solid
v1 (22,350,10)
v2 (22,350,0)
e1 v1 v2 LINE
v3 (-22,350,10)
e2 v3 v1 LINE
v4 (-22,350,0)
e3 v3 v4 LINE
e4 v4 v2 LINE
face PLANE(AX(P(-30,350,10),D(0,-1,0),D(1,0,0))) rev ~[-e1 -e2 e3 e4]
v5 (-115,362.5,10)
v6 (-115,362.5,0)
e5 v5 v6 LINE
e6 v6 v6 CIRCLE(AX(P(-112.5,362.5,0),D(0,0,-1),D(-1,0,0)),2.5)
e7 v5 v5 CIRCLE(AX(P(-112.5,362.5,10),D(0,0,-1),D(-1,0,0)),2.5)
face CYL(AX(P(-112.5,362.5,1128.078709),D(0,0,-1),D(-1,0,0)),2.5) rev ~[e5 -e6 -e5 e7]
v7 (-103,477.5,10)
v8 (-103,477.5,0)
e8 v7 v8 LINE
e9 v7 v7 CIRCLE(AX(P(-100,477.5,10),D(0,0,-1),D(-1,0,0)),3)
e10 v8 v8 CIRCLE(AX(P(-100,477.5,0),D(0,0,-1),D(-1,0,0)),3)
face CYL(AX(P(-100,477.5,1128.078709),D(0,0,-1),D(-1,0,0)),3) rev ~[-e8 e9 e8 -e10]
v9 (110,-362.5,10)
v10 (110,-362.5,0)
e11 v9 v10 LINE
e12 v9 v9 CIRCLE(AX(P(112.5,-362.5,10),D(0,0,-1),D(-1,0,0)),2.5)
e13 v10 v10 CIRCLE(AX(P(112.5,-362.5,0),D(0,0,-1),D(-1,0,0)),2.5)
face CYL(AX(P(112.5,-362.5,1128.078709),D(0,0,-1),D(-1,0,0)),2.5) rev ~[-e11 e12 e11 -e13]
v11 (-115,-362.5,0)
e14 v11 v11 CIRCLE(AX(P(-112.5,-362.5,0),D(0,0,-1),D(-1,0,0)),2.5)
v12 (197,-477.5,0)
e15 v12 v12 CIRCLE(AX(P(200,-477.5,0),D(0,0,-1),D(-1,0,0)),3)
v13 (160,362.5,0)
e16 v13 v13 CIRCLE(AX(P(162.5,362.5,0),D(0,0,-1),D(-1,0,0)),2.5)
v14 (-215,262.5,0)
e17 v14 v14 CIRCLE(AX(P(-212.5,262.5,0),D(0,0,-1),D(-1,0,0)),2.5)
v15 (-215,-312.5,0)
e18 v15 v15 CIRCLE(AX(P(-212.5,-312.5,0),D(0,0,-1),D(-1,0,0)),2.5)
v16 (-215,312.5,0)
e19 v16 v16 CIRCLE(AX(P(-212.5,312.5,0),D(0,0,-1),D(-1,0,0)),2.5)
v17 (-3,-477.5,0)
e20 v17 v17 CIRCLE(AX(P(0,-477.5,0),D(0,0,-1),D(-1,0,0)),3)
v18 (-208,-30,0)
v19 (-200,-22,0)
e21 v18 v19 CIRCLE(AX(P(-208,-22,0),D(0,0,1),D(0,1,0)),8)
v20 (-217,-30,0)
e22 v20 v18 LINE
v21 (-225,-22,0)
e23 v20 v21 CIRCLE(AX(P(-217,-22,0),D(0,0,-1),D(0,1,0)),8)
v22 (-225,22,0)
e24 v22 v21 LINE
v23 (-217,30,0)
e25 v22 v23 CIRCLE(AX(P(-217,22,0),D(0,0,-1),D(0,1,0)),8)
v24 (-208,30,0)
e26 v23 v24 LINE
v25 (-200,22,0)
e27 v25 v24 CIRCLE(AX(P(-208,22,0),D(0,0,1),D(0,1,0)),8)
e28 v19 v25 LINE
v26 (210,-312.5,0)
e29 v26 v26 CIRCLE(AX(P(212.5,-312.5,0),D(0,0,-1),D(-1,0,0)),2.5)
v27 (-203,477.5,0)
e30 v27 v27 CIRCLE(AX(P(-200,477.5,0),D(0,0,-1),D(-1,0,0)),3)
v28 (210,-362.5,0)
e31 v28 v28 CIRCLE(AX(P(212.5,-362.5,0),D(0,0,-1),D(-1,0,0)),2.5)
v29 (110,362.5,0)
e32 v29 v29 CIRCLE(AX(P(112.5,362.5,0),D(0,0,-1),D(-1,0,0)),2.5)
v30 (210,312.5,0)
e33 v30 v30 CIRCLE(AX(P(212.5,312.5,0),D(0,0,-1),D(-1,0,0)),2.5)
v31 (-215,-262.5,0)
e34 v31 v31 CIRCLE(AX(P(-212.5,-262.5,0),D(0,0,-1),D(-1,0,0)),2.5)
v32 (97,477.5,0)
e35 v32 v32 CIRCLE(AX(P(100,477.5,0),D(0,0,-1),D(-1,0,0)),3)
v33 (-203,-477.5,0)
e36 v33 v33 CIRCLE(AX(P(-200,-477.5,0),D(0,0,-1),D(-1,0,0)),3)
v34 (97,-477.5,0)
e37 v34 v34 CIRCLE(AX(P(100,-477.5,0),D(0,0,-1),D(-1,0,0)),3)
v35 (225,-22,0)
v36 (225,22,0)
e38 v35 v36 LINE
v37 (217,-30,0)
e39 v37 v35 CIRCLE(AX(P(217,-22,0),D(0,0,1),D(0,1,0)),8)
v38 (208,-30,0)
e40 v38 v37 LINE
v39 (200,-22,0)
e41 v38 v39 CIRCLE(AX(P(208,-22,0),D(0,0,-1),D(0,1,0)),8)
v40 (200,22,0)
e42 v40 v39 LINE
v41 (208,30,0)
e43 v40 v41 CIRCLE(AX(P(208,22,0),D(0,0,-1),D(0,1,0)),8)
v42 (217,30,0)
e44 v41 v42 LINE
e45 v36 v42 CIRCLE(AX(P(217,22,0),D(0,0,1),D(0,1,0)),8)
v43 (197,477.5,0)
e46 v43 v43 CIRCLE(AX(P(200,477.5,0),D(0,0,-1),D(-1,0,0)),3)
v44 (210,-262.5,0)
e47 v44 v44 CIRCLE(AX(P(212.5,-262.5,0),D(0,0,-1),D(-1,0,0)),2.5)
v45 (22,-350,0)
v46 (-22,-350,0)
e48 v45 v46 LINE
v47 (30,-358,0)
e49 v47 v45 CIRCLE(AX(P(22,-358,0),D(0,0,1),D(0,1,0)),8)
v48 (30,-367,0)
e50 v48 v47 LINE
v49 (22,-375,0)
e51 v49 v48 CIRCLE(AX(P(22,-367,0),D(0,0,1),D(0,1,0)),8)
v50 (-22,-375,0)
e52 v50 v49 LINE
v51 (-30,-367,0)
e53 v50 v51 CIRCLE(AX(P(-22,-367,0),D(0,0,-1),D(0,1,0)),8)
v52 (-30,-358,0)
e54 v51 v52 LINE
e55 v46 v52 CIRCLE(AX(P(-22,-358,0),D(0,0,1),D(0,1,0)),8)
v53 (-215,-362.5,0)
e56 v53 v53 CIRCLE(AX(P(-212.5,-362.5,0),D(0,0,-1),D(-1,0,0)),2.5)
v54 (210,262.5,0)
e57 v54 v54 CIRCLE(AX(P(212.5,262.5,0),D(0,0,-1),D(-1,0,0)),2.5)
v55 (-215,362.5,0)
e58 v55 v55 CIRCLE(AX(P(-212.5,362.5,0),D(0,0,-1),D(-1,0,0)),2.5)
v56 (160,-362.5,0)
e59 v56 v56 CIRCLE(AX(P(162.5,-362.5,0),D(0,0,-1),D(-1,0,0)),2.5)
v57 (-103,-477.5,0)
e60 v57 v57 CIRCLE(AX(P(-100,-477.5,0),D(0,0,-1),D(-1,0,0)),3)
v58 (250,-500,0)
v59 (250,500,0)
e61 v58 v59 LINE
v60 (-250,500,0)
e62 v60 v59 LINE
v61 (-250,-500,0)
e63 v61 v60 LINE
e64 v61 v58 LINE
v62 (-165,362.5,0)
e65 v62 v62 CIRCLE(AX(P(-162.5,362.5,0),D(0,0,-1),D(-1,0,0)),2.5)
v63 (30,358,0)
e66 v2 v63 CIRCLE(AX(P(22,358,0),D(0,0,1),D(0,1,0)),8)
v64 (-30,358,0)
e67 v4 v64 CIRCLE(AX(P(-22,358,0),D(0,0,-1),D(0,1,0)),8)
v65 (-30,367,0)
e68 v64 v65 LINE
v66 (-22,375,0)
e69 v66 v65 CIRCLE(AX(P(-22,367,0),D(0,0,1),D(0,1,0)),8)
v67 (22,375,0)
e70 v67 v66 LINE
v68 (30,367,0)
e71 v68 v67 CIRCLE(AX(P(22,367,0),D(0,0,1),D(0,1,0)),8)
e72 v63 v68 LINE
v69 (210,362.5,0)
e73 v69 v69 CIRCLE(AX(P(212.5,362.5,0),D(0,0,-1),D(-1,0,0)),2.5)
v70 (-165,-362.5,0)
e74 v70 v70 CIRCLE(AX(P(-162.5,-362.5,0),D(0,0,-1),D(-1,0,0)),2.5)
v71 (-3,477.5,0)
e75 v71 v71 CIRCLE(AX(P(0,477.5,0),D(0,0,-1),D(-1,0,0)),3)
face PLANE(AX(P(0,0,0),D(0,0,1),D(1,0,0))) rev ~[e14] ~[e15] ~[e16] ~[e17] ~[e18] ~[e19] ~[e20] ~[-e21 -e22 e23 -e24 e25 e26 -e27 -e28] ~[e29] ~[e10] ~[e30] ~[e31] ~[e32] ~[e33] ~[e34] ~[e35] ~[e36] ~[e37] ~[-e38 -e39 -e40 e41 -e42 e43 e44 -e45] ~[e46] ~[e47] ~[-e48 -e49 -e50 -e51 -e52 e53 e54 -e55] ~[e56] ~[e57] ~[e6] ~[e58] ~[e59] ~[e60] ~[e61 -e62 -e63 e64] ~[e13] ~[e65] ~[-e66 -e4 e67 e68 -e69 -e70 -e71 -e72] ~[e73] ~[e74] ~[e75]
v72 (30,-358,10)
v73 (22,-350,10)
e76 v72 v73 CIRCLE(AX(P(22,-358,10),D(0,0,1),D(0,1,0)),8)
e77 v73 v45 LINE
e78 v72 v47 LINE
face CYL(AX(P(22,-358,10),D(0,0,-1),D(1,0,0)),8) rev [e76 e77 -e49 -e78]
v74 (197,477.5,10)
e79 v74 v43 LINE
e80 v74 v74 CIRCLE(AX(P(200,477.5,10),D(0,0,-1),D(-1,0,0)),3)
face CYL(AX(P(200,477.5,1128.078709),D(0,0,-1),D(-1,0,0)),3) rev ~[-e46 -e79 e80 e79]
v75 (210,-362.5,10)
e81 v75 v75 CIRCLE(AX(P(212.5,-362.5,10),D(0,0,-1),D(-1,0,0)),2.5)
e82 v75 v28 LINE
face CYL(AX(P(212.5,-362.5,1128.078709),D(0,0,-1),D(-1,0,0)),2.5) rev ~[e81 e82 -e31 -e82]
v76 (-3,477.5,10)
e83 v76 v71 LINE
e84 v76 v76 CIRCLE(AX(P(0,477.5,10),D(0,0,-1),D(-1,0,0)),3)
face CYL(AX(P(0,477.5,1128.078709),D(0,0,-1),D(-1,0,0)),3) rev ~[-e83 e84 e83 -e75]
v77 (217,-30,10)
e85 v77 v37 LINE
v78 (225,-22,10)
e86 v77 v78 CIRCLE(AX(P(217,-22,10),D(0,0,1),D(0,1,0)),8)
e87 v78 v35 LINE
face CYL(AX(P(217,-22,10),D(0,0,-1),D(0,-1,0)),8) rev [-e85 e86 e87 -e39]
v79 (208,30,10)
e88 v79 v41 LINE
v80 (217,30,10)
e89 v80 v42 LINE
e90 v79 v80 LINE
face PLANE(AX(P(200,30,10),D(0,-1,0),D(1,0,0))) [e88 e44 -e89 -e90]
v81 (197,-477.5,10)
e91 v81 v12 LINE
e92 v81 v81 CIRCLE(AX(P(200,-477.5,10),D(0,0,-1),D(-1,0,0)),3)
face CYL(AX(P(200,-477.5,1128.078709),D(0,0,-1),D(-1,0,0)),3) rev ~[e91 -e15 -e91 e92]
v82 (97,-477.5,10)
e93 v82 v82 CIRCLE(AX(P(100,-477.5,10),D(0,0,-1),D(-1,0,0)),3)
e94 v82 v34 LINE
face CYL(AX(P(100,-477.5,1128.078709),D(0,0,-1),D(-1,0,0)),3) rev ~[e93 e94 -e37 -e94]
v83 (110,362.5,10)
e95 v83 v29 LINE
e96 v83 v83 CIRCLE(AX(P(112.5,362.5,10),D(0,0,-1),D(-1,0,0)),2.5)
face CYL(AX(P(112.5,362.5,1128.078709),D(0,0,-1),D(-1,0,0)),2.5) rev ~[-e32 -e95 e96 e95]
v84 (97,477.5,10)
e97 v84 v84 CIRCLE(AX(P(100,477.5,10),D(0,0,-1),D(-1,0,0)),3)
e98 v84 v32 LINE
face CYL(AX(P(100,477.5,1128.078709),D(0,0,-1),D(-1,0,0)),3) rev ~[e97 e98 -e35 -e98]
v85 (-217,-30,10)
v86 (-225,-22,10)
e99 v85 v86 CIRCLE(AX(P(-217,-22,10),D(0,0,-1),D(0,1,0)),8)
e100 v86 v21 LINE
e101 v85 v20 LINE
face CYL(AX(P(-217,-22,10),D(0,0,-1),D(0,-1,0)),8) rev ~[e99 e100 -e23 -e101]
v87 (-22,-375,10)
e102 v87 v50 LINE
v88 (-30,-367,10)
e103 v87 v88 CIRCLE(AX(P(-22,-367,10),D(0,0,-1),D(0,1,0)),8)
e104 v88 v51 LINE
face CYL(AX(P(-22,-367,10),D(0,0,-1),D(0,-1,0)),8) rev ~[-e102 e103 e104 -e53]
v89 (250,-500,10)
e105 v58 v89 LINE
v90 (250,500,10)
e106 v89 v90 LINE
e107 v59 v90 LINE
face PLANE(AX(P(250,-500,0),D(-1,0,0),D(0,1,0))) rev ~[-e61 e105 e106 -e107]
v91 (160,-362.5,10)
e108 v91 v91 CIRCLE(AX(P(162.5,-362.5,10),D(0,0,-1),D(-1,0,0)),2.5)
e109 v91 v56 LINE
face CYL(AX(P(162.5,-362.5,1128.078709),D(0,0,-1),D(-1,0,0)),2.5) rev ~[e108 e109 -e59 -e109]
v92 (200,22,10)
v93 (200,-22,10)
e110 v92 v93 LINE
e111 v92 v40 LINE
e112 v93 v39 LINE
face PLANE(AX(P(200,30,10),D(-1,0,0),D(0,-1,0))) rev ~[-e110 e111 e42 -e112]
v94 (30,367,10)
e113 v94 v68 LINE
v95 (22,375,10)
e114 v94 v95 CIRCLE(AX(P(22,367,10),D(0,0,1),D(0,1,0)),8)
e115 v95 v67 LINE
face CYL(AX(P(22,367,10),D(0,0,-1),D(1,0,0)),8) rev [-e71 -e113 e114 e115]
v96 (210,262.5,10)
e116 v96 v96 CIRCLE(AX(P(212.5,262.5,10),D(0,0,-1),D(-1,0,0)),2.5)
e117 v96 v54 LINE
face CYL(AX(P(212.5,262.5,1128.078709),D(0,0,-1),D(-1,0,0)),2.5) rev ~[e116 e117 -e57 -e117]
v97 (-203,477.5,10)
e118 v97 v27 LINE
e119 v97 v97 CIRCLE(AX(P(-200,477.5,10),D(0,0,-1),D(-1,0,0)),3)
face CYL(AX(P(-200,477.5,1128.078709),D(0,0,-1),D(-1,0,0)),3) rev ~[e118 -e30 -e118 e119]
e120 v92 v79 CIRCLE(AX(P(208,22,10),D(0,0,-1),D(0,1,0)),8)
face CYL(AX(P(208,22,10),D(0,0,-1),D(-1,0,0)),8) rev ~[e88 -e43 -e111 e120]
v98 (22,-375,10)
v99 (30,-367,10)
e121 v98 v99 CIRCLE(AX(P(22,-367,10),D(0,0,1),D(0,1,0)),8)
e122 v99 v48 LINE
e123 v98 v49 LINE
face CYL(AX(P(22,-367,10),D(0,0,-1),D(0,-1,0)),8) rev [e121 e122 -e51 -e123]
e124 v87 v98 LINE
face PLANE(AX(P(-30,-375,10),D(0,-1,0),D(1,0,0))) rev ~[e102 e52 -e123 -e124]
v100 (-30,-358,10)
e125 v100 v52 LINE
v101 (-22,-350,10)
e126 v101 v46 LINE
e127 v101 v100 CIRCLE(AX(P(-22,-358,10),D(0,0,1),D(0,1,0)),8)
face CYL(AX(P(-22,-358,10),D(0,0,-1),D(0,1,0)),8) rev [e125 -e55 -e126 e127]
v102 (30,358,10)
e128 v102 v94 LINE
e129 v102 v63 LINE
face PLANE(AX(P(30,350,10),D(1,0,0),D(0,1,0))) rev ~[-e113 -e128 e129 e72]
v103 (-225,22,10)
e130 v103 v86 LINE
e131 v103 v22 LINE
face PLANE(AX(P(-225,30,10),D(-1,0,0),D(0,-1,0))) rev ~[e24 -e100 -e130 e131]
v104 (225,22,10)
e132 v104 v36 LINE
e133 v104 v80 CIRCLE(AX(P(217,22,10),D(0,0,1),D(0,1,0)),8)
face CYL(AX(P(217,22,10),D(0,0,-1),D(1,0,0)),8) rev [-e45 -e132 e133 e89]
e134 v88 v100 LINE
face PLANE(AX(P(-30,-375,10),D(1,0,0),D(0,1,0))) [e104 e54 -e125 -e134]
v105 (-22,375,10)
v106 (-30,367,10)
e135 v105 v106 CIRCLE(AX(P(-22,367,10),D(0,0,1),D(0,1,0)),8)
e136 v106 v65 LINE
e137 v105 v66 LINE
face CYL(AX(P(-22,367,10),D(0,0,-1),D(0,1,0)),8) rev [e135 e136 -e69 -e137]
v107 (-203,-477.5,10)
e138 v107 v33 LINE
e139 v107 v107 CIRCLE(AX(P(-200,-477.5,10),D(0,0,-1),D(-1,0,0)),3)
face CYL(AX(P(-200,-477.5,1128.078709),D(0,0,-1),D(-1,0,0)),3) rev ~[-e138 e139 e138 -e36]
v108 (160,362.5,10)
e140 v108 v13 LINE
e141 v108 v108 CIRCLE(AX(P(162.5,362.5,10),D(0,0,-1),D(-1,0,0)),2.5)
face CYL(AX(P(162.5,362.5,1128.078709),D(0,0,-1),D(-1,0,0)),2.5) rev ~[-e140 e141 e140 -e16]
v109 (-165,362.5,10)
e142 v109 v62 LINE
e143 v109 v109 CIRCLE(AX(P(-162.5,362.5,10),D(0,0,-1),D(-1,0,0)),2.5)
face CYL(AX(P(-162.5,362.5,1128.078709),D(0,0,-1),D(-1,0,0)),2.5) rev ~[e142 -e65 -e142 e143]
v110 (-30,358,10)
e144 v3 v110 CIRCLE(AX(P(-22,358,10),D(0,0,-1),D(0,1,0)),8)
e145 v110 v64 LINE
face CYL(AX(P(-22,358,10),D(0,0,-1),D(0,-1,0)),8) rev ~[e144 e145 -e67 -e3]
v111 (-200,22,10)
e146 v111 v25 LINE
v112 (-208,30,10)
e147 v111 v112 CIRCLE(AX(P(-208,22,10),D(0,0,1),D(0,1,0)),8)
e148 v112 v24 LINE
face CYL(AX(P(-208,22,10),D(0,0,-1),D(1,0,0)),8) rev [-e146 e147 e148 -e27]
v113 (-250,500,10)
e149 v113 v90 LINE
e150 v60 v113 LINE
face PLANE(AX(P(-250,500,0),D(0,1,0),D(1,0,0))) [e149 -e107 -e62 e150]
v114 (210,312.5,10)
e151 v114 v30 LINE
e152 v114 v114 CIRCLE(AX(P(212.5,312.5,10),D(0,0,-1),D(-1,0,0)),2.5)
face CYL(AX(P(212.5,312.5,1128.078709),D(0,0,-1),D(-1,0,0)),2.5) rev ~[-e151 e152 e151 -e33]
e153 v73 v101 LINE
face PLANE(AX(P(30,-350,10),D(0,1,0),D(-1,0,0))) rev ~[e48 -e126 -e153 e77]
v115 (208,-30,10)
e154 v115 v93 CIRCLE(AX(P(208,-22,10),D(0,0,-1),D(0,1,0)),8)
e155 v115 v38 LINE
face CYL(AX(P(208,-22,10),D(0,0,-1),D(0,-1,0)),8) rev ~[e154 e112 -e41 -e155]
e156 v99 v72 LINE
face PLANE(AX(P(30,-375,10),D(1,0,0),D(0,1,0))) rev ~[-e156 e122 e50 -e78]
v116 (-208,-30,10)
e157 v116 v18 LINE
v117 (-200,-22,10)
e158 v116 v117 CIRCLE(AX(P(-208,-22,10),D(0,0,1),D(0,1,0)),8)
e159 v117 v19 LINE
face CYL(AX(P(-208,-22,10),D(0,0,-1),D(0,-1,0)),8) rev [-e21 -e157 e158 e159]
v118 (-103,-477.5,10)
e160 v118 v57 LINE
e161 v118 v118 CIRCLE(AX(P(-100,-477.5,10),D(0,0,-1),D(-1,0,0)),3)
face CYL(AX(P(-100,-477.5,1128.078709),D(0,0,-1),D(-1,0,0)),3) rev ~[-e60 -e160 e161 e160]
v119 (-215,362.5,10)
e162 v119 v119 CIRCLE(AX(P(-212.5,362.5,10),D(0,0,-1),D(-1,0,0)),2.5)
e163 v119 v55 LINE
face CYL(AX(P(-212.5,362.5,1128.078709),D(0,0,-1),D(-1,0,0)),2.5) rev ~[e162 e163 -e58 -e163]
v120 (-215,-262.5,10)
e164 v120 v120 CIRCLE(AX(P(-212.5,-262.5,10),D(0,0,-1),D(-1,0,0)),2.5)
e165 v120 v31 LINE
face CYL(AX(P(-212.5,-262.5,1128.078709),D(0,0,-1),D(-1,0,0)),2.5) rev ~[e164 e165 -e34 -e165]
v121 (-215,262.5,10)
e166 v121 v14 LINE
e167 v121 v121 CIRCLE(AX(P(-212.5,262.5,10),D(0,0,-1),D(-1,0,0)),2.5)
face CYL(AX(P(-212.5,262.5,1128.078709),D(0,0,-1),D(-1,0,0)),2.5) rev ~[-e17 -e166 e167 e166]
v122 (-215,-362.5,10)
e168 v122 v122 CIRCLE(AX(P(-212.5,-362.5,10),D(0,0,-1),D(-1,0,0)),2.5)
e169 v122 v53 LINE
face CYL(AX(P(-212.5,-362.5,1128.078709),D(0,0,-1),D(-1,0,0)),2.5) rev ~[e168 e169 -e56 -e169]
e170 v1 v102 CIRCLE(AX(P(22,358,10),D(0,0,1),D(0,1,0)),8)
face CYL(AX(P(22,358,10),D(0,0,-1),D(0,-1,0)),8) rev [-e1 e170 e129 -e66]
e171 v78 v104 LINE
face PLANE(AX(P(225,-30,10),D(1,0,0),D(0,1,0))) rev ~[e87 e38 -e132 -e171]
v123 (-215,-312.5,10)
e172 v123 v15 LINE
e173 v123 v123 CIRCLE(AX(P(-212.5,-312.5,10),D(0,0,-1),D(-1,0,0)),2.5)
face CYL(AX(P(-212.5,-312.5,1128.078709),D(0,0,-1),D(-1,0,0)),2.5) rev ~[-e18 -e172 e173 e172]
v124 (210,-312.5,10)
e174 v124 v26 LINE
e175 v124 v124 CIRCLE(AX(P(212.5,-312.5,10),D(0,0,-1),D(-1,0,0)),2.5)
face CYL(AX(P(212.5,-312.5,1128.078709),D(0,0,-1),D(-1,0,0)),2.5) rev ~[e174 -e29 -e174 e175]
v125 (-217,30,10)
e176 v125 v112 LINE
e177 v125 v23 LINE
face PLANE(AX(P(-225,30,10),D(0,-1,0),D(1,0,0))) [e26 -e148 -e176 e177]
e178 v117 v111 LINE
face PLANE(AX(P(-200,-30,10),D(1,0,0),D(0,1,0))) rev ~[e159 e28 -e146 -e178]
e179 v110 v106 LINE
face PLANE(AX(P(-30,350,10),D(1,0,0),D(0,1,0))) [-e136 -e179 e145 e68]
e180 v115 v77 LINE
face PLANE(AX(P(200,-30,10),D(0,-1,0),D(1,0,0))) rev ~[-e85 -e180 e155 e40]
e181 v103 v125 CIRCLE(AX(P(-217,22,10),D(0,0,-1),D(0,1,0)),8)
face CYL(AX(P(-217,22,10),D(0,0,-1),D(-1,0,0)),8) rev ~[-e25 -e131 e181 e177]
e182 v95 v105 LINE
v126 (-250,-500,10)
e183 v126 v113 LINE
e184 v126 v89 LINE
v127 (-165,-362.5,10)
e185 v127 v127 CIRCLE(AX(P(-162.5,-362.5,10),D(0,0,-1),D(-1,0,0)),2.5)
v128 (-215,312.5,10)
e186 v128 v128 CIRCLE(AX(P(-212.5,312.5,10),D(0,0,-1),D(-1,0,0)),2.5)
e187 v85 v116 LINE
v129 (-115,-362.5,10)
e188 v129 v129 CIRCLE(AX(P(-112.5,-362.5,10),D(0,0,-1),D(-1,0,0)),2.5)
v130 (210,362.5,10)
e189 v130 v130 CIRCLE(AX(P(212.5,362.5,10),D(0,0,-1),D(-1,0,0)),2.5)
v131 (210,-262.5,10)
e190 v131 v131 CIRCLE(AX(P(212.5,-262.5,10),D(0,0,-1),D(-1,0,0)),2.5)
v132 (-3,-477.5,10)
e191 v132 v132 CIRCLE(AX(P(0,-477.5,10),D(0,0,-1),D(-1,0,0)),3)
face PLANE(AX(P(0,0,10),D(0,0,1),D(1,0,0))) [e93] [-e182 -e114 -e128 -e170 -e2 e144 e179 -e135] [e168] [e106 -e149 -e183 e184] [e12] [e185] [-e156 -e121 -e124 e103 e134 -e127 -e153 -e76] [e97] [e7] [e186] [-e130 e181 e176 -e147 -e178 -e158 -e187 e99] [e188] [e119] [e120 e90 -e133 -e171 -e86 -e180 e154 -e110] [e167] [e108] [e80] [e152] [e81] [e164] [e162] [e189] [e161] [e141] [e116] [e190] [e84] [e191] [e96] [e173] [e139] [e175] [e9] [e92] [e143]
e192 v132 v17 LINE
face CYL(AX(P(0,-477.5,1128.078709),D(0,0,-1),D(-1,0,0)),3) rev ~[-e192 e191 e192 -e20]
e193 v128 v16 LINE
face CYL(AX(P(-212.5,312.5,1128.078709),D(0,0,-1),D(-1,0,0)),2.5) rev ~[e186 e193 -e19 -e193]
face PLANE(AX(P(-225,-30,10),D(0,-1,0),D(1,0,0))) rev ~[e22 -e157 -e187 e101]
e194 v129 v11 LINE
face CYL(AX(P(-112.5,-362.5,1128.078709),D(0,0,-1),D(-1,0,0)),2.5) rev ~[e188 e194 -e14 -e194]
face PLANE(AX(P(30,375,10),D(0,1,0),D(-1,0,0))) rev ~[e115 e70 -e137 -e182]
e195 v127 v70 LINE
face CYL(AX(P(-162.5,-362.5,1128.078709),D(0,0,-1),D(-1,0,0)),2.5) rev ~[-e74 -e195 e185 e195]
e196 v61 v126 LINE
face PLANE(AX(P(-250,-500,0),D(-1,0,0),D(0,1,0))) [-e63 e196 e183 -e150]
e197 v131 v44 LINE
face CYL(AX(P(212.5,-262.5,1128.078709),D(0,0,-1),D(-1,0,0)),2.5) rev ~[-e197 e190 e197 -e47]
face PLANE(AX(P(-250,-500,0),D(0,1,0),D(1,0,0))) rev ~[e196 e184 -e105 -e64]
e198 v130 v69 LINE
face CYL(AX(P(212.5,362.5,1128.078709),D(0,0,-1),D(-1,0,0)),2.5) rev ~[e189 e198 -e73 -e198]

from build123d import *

# Parameters (mm, degrees)
F0_W     = 500
F0_H     = 1000
F1_DEPTH = 10
F3_D     = 6
F2_W     = 25
F2_H     = 30
F4_DEPTH = 25
F5_W     = 30
F5_H     = 25
F6_DEPTH = 25
F7_R     = 8
F9_D     = 5


with BuildPart() as f1:
    # F0 (on Top) → F1 (new body)
    with BuildSketch(Plane.XY):
        Rectangle(F0_W, F0_H)
    extrude(amount=F1_DEPTH)

    # F3 (through all)
    with Locations(Plane.XY.offset(10)):
        with Locations((200, 477.5), (100, 477.5), (0, 477.5), (-100, 477.5), (-200, 477.5), (200, -477.5), (100, -477.5), (0, -477.5), (-100, -477.5), (-200, -477.5)):
            Hole(F3_D / 2)

    # F2 (on face) → F4 (cut)
    with BuildSketch(Plane.XY.offset(10)):
        with Locations((212.5, -15)):
            Rectangle(F2_W, F2_H)
        with Locations((-212.5, -15)):
            Rectangle(F2_W, F2_H)
        with Locations((-212.5, 15)):
            Rectangle(F2_W, F2_H)
        with Locations((212.5, 15)):
            Rectangle(F2_W, F2_H)
    extrude(amount=-F4_DEPTH, mode=Mode.SUBTRACT)

    # F5 (on face) → F6 (cut)
    with BuildSketch(Plane.XY.offset(10)):
        with Locations((-15, -362.5)):
            Rectangle(F5_W, F5_H)
        with Locations((15, -362.5)):
            Rectangle(F5_W, F5_H)
        with Locations((-15, 362.5)):
            Rectangle(F5_W, F5_H)
        with Locations((15, 362.5)):
            Rectangle(F5_W, F5_H)
    extrude(amount=-F6_DEPTH, mode=Mode.SUBTRACT)

    # F7
    f7_edges = [f1.edges().sort_by_distance(p)[0] for p in [
        (30, 375, 5),
        (30, 350, 5),
        (-30, 375, 5),
        (-30, 350, 5),
        (200, -30, 5),
        (225, 30, 5),
        (200, 30, 5),
        (225, -30, 5),
        (-200, -30, 5),
        (-200, 30, 5),
        (-225, 30, 5),
        (-225, -30, 5),
        (-30, -375, 5),
        (30, -375, 5),
        (30, -350, 5),
        (-30, -350, 5),
    ]]
    fillet(f7_edges, radius=F7_R)

    # F9 (through all)
    with Locations(Plane.XY.offset(10)):
        with Locations((-212.5, -262.5), (-212.5, -312.5), (-162.5, -362.5), (-112.5, -362.5), (112.5, -362.5), (162.5, -362.5), (212.5, -312.5), (212.5, -262.5), (212.5, -362.5), (-212.5, -362.5), (212.5, 262.5), (212.5, 312.5), (162.5, 362.5), (112.5, 362.5), (-112.5, 362.5), (-162.5, 362.5), (-212.5, 312.5), (-212.5, 262.5), (212.5, 362.5), (-212.5, 362.5)):
            Hole(F9_D / 2)


solid = f1.part
